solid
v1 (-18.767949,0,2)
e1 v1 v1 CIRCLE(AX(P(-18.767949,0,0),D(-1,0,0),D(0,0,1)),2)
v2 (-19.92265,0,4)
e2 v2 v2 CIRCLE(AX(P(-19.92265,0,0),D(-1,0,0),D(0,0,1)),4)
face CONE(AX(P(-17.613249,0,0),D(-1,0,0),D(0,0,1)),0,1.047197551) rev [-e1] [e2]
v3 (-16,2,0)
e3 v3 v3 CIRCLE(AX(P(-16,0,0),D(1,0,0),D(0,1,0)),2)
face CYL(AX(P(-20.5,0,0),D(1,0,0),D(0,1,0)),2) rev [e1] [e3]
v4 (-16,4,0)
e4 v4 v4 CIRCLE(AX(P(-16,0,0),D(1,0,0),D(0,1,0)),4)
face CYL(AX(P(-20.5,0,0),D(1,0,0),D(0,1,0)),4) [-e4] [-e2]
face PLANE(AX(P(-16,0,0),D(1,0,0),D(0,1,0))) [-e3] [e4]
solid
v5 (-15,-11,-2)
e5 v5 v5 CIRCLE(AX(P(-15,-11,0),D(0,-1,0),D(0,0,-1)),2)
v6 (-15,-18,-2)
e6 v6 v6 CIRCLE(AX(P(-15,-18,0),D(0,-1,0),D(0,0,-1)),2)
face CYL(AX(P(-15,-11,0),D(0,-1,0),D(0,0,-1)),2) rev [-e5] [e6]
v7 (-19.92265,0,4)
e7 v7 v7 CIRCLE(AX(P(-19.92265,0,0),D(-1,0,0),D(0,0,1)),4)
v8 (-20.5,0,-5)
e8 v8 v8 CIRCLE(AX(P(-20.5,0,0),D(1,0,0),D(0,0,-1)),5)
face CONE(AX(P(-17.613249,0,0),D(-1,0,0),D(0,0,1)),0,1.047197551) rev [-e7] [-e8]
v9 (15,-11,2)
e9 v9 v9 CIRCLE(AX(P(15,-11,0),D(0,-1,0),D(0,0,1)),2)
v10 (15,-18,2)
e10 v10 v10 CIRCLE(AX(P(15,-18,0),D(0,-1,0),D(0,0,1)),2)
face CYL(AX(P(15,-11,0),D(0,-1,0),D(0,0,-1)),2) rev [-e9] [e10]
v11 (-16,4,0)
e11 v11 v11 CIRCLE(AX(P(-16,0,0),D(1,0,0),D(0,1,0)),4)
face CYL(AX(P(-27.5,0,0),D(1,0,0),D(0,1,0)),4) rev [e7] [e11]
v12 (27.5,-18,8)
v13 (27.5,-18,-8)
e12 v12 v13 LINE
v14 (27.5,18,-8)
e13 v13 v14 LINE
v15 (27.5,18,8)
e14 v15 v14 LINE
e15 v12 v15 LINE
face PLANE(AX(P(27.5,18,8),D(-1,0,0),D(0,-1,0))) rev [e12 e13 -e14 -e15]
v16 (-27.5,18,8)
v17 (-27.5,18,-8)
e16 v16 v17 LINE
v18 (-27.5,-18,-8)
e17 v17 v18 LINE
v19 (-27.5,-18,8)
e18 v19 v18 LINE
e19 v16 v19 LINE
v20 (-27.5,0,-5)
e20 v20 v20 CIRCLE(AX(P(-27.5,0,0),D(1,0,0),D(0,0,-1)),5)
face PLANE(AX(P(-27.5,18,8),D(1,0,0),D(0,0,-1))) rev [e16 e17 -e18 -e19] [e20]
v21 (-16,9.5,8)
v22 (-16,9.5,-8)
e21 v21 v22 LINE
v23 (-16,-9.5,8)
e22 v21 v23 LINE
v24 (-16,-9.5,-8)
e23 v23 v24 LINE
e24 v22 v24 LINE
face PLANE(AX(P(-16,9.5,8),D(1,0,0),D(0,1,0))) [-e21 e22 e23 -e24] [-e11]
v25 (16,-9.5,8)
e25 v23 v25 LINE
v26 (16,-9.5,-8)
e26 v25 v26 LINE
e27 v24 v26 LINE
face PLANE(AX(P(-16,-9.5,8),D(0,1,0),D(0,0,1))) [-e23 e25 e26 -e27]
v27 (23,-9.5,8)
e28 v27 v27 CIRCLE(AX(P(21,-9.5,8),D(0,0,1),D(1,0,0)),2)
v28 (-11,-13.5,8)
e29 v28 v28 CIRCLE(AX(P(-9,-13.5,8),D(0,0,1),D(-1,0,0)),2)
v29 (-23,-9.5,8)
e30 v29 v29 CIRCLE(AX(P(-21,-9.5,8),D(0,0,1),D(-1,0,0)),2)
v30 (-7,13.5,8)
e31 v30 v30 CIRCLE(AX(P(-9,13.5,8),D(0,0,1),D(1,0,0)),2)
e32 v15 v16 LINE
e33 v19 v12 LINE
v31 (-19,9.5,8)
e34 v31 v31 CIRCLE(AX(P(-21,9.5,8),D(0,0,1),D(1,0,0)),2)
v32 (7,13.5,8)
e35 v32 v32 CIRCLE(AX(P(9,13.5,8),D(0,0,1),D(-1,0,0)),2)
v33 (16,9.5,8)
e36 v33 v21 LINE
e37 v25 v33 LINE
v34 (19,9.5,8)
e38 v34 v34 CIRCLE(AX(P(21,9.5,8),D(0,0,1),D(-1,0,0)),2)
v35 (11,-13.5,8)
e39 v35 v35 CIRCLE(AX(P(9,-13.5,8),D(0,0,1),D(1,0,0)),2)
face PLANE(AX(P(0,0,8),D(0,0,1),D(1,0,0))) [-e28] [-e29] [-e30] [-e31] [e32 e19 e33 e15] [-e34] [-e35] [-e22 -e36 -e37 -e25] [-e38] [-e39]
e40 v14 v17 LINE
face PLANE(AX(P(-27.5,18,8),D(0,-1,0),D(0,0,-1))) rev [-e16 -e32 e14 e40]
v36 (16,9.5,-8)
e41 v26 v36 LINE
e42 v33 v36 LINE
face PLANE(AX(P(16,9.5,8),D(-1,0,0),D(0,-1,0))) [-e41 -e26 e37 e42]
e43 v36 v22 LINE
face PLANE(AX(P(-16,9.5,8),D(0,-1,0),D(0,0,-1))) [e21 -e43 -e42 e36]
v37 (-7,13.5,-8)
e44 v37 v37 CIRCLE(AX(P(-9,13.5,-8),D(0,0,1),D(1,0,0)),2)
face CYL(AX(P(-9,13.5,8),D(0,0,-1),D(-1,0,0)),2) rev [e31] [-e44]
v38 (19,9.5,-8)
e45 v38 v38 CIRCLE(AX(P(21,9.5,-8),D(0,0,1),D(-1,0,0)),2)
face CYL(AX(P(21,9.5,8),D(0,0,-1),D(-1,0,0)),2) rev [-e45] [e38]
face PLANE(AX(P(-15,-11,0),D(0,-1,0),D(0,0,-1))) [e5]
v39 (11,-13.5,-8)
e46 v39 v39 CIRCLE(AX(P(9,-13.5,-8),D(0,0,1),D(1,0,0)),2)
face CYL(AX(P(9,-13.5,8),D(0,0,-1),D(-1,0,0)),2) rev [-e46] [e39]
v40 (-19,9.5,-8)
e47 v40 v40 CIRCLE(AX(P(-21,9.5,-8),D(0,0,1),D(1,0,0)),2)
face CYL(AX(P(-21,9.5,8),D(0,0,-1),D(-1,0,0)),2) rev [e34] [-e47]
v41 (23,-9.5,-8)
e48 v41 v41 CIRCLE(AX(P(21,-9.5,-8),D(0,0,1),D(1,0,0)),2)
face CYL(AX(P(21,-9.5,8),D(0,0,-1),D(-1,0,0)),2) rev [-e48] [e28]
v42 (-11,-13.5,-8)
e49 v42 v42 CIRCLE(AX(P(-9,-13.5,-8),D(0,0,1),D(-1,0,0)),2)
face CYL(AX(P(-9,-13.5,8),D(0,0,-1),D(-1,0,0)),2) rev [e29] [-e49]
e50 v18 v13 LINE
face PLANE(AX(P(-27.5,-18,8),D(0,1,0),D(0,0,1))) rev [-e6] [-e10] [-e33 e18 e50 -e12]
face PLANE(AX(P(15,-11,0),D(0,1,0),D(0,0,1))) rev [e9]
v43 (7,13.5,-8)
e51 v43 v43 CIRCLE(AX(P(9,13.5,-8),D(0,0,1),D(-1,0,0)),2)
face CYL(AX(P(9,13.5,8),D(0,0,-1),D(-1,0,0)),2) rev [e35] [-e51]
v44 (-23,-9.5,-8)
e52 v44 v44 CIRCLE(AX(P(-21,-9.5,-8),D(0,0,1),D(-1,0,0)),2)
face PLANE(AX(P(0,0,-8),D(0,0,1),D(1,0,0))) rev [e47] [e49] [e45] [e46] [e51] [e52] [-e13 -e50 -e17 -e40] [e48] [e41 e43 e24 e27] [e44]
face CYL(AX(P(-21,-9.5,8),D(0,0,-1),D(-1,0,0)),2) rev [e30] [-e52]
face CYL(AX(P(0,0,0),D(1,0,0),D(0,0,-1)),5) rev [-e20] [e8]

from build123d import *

# Parameters (mm, degrees)
SKETCH1_W           = 55
SKETCH1_H           = 36
SKETCH1_R           = 2
SKETCH1_W_2         = 32
SKETCH1_H_2         = 19
BOSS_EXTRUDE1_DEPTH = 8
SKETCH2_R           = 2
CUT_EXTRUDE1_DEPTH  = 7
SKETCH3_R           = 4
CUT_EXTRUDE2_DEPTH  = 48.75196331
SKETCH3_5_R         = 4
SKETCH3_5_R_2       = 2
BOSS_EXTRUDE2_DEPTH = 4.5


with BuildPart() as part:
    # Sketch1 → Boss-Extrude1 (new, symmetric)
    with BuildSketch(Plane.XY):
        Rectangle(SKETCH1_W, SKETCH1_H)
        with Locations((-21, 9.5)):
            Circle(SKETCH1_R, mode=Mode.SUBTRACT)
        with Locations((-9, 13.5)):
            Circle(SKETCH1_R, mode=Mode.SUBTRACT)
        with Locations((-21, -9.5)):
            Circle(SKETCH1_R, mode=Mode.SUBTRACT)
        with Locations((-9, -13.5)):
            Circle(SKETCH1_R, mode=Mode.SUBTRACT)
        with Locations((9, -13.5)):
            Circle(SKETCH1_R, mode=Mode.SUBTRACT)
        with Locations((21, -9.5)):
            Circle(SKETCH1_R, mode=Mode.SUBTRACT)
        with Locations((9, 13.5)):
            Circle(SKETCH1_R, mode=Mode.SUBTRACT)
        with Locations((21, 9.5)):
            Circle(SKETCH1_R, mode=Mode.SUBTRACT)
        Rectangle(SKETCH1_W_2, SKETCH1_H_2, mode=Mode.SUBTRACT)
    extrude(amount=BOSS_EXTRUDE1_DEPTH, both=True)

    # Sketch2 → Cut-Extrude1 (cut)
    with BuildSketch(Plane.XZ.offset(18)):
        with Locations((-15, 0)):
            Circle(SKETCH2_R)
        with Locations((15, 0)):
            Circle(SKETCH2_R)
    extrude(amount=-CUT_EXTRUDE1_DEPTH, mode=Mode.SUBTRACT)

    # Sketch3 → Cut-Extrude2 (cut, through all)
    with BuildSketch(Plane(origin=(-16, 0, 0), x_dir=(0, 0, -1), z_dir=(1, 0, 0))):
        Circle(SKETCH3_R)
    extrude(amount=-CUT_EXTRUDE2_DEPTH, mode=Mode.SUBTRACT)


with BuildPart() as body_2:
    # Sketch3<5> → Boss-Extrude2 (new body)
    with BuildSketch(Plane(origin=(-16, 0, 0), x_dir=(0, 0, -1), z_dir=(1, 0, 0))):
        Circle(SKETCH3_5_R)
        Circle(SKETCH3_5_R_2, mode=Mode.SUBTRACT)
    extrude(amount=-BOSS_EXTRUDE2_DEPTH)


with BuildPart() as cut_revolve1_tool:
    # Sketch4 → Cut-Revolve1 (revolve)
    with BuildSketch(Plane.XY):
        Polygon((-27.5, 0), (-27.5, 5), (-20.5, 5), (-17.613248654, 0), align=None)
    revolve(axis=Axis((0, 0, 0), (-1, 0, 0)))


with BuildPart() as part_1:
    add(part.part)

    # Cut-Revolve1: cut by cut_revolve1_tool
    add(cut_revolve1_tool.part, mode=Mode.SUBTRACT)


with BuildPart() as body_2_1:
    add(body_2.part)

    # Cut-Revolve1: cut by cut_revolve1_tool
    add(cut_revolve1_tool.part, mode=Mode.SUBTRACT)


solid = Compound([part_1.part, body_2_1.part])
